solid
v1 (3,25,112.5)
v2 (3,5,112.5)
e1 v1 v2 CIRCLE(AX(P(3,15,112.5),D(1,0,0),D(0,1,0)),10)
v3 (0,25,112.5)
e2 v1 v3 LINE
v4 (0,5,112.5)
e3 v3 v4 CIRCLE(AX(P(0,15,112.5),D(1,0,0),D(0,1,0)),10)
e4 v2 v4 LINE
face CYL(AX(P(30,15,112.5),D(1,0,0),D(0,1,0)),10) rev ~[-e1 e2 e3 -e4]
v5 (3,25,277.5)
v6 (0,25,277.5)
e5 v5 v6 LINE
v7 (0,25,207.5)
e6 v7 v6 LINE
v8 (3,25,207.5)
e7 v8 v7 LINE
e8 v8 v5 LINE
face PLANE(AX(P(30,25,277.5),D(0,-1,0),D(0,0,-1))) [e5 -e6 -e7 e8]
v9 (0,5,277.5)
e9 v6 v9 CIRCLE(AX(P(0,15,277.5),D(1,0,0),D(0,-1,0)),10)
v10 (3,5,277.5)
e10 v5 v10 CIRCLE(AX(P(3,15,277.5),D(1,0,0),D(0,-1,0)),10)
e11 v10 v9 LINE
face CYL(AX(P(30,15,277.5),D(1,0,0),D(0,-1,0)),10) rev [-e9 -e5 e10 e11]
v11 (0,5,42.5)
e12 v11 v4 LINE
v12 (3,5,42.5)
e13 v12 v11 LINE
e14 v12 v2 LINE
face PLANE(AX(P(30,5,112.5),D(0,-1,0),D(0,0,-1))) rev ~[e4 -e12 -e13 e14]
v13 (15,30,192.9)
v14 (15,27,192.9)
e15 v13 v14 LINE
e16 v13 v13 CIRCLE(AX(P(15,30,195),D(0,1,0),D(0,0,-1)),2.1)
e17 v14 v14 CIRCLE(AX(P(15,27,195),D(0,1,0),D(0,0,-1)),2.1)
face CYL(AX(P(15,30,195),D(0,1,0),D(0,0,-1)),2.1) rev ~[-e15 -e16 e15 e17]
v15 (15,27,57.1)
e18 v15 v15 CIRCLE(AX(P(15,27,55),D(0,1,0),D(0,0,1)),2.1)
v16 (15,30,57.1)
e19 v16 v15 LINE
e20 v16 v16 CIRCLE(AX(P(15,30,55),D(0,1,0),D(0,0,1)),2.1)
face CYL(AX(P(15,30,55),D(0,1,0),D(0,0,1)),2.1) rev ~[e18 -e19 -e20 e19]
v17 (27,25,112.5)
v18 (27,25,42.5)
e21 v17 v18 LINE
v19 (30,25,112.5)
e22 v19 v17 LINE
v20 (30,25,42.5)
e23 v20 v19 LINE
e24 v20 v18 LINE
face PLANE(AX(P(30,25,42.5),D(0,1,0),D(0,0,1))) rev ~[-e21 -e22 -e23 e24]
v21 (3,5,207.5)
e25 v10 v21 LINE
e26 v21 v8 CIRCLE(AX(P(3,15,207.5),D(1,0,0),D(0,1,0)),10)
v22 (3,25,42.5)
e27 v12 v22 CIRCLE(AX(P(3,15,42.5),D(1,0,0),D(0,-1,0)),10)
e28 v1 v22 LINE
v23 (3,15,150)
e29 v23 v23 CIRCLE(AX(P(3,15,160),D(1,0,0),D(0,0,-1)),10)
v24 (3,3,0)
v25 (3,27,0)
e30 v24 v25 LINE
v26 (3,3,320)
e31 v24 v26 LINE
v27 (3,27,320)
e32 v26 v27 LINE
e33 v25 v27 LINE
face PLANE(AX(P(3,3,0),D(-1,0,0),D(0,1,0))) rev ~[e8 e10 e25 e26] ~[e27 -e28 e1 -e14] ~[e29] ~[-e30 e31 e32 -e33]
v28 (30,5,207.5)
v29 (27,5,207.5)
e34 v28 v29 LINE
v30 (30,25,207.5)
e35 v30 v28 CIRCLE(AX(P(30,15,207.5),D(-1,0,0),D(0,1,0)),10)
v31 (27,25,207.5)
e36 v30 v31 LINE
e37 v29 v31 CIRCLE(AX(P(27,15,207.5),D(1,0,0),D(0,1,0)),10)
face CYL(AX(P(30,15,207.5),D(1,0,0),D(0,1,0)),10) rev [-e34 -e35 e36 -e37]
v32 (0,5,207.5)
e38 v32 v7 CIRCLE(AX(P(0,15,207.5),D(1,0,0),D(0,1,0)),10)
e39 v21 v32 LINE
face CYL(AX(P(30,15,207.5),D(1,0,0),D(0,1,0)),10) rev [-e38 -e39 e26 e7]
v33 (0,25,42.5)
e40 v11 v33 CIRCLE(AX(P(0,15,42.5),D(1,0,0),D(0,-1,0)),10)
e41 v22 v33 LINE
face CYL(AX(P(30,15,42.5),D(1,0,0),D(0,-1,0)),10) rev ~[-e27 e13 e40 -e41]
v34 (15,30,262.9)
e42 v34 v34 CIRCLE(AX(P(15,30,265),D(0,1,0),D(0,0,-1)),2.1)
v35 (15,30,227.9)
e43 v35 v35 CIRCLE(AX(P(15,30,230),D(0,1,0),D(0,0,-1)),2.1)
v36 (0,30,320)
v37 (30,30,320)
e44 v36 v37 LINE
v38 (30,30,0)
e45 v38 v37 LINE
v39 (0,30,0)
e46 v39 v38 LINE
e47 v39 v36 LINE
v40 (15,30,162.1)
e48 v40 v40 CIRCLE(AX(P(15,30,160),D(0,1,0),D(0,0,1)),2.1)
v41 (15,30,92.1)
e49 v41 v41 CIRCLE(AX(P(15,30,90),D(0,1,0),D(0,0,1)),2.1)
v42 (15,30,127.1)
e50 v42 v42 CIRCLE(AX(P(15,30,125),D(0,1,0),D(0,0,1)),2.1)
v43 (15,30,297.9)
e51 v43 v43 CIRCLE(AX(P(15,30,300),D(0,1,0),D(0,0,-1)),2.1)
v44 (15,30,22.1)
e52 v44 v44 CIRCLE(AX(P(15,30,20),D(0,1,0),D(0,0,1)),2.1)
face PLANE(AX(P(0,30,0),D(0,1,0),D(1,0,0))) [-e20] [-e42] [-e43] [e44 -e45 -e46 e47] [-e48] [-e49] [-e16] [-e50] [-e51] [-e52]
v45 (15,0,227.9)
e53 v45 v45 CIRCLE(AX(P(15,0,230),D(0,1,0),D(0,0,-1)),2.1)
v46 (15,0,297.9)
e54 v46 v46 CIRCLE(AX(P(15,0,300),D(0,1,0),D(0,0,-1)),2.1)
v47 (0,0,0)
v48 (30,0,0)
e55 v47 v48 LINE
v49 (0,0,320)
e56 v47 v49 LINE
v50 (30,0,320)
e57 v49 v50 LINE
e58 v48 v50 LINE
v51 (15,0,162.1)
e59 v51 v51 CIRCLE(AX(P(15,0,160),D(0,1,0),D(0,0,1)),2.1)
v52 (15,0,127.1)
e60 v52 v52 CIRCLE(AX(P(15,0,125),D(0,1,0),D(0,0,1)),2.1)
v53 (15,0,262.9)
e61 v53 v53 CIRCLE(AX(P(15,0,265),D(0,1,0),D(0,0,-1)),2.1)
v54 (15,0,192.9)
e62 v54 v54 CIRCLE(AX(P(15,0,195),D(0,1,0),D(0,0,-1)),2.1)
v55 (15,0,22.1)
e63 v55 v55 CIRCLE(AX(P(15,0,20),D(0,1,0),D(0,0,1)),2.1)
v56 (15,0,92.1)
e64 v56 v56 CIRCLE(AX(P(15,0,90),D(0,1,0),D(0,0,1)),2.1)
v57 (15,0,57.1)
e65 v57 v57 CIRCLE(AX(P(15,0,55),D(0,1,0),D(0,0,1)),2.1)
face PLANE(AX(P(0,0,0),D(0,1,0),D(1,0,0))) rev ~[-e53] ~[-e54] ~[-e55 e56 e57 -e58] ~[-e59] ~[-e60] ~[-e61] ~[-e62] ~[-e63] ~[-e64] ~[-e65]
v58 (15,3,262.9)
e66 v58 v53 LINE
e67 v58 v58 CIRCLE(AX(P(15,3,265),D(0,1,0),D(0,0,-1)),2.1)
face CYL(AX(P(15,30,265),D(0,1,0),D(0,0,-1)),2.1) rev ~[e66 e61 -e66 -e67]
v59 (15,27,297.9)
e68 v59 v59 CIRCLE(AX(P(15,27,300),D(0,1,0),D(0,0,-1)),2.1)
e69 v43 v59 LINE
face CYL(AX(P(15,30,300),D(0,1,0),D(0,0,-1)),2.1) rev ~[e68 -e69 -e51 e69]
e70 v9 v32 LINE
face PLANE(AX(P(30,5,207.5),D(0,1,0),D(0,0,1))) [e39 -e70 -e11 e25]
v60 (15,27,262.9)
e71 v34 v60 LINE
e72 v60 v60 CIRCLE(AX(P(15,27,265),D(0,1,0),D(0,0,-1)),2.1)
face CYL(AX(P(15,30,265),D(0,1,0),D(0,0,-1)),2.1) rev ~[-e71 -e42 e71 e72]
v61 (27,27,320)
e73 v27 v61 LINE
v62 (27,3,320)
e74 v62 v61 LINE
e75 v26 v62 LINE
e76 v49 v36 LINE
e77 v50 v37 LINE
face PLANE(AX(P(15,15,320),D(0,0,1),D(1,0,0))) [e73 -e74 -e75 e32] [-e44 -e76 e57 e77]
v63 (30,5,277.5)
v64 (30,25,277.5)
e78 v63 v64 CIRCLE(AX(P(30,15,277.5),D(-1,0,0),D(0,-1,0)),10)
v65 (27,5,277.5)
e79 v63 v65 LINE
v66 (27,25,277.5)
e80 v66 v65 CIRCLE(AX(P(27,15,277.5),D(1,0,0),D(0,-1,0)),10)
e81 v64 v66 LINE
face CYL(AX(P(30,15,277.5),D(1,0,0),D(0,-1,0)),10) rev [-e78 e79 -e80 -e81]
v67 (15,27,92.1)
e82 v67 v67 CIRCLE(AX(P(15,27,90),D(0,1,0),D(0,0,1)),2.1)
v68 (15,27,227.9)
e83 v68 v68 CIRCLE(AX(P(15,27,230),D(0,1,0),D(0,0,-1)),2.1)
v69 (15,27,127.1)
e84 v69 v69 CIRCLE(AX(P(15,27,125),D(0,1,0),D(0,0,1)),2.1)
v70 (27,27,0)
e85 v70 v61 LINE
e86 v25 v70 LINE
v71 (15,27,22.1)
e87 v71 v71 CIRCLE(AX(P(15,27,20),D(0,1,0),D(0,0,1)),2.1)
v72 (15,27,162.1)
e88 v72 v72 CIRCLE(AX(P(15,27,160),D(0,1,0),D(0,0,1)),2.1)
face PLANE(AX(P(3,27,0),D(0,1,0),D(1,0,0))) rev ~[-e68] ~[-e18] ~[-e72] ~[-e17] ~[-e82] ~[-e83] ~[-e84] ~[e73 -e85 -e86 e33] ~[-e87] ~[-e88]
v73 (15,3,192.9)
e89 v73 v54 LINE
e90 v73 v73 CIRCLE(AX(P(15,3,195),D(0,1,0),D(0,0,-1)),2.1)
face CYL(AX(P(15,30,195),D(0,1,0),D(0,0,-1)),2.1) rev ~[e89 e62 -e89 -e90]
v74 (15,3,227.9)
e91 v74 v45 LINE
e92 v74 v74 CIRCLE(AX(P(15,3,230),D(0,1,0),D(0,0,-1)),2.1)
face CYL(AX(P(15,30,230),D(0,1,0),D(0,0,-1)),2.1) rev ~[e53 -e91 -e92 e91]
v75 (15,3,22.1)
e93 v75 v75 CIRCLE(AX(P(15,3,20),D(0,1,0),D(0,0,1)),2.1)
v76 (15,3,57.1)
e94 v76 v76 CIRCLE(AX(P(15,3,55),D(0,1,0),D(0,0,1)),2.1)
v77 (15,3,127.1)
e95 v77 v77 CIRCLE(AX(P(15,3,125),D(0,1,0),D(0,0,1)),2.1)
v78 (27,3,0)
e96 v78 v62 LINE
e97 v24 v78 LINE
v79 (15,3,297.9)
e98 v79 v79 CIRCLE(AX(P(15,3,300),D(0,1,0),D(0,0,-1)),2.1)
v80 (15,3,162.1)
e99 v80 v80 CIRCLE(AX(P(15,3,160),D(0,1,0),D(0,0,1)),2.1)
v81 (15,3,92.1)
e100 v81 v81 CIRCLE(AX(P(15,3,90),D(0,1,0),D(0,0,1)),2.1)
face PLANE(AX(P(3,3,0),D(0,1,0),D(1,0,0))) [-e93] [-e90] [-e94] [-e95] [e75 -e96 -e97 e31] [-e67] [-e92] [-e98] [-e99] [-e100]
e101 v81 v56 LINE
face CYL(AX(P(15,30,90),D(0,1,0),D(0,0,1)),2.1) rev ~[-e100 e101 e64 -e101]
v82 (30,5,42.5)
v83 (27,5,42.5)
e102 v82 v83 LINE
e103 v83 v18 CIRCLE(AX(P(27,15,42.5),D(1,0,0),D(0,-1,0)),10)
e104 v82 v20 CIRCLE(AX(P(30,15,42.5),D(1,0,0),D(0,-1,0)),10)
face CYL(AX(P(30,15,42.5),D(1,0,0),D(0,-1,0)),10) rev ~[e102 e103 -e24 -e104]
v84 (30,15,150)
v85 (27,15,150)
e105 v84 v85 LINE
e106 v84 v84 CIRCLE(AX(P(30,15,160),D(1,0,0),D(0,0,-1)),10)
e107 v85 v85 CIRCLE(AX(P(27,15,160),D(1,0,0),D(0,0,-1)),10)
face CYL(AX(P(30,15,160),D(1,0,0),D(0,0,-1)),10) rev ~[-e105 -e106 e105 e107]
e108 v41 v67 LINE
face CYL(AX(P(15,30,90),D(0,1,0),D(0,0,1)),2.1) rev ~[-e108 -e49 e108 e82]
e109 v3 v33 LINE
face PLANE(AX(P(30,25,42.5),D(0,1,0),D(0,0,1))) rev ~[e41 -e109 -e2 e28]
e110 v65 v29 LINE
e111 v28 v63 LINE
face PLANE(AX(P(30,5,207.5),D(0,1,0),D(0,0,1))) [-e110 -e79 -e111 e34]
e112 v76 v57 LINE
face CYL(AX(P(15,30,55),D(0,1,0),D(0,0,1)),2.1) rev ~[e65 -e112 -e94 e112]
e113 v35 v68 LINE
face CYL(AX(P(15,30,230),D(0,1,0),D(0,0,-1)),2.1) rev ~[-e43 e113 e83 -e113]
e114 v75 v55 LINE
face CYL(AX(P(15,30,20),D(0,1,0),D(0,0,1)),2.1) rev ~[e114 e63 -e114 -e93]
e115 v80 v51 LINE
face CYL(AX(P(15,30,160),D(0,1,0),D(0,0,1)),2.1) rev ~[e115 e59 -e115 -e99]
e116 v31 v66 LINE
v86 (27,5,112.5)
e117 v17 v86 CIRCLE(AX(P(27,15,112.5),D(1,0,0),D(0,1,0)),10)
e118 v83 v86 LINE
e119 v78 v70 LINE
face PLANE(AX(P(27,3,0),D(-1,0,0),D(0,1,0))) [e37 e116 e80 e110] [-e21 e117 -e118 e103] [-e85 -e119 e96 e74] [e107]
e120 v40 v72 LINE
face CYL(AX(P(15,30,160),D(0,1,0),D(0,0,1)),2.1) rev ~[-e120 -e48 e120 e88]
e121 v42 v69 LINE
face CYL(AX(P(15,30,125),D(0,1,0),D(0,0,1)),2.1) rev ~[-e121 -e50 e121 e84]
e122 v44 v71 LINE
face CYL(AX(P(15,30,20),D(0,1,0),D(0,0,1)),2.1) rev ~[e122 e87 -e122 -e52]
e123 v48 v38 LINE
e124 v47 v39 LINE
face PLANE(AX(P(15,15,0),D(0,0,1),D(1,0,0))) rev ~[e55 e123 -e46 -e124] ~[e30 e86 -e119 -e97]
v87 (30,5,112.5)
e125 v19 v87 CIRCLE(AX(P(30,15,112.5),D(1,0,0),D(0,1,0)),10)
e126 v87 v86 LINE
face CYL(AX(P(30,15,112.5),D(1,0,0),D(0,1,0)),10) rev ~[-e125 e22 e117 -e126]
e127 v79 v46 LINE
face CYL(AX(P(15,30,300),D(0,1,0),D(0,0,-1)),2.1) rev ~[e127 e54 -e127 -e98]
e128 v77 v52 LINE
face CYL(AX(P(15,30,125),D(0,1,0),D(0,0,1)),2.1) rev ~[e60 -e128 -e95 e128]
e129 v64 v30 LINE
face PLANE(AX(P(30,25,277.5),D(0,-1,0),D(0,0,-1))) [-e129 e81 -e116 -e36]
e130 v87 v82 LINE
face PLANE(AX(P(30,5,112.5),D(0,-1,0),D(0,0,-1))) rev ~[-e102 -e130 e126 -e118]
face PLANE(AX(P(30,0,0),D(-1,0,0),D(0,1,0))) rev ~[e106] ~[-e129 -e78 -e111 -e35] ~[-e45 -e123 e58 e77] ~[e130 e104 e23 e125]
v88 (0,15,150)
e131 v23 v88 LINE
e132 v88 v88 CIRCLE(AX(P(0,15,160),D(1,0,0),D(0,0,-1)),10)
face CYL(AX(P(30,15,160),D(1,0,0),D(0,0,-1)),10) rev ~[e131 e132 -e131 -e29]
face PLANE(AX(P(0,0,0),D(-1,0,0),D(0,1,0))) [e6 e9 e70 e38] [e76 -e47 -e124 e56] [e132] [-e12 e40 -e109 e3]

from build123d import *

# Parameters (mm, degrees)
SKETCH_1_W          = 30
SKETCH_1_H          = 30
SKETCH_1_W_2        = 24
SKETCH_1_H_2        = 24
EXTRUDE_1_DEPTH     = 320
SKETCH_2_R          = 10
CUT_EXTRUDE_1_DEPTH = 323.800247831
SKETCH_3_R          = 2.1
CUT_EXTRUDE_2_DEPTH = 323.800247831


with BuildPart() as part:
    # 草图1 → 拉伸-薄壁1 (new body)
    with BuildSketch(Plane.XY):
        with Locations((15, 15)):
            Rectangle(SKETCH_1_W, SKETCH_1_H)
        with Locations((15, 15)):
            Rectangle(SKETCH_1_W_2, SKETCH_1_H_2, mode=Mode.SUBTRACT)
    extrude(amount=EXTRUDE_1_DEPTH)

    # 草图2 → 切除-拉伸1 (cut, through all)
    with BuildSketch(Plane(origin=(30, 0, 0), x_dir=(0, 0, -1), z_dir=(1, 0, 0))):
        with Locations((-160, 15)):
            Circle(SKETCH_2_R)
        with BuildLine():
            Line((-277.5, 25), (-207.5, 25))
            ThreePointArc((-207.5, 25), (-197.5, 15), (-207.5, 5))
            Line((-207.5, 5), (-277.5, 5))
            ThreePointArc((-277.5, 5), (-287.5, 15), (-277.5, 25))
        make_face()
        with BuildLine():
            Line((-42.5, 25), (-112.5, 25))
            ThreePointArc((-112.5, 25), (-122.5, 15), (-112.5, 5))
            Line((-112.5, 5), (-42.5, 5))
            ThreePointArc((-42.5, 5), (-32.5, 15), (-42.5, 25))
        make_face()
    extrude(amount=-CUT_EXTRUDE_1_DEPTH, mode=Mode.SUBTRACT)

    # 草图3 → 切除-拉伸2 (cut, through all)
    with BuildSketch(Plane(origin=(0, 30, 0), x_dir=(1, 0, 0), z_dir=(0, 1, 0))):
        with Locations(Location((15, -20, 0), (0, 0, 270))):
            Circle(SKETCH_3_R)
        with Locations(Location((15, -55, 0), (0, 0, 270))):
            Circle(SKETCH_3_R)
        with Locations(Location((15, -90, 0), (0, 0, 270))):
            Circle(SKETCH_3_R)
        with Locations(Location((15, -125, 0), (0, 0, 270))):
            Circle(SKETCH_3_R)
        with Locations(Location((15, -300, 0), (0, 0, 90))):
            Circle(SKETCH_3_R)
        with Locations(Location((15, -265, 0), (0, 0, 90))):
            Circle(SKETCH_3_R)
        with Locations(Location((15, -230, 0), (0, 0, 90))):
            Circle(SKETCH_3_R)
        with Locations(Location((15, -195, 0), (0, 0, 90))):
            Circle(SKETCH_3_R)
        with Locations(Location((15, -160, 0), (0, 0, 270))):
            Circle(SKETCH_3_R)
    extrude(amount=-CUT_EXTRUDE_2_DEPTH, mode=Mode.SUBTRACT)


solid = part.part
